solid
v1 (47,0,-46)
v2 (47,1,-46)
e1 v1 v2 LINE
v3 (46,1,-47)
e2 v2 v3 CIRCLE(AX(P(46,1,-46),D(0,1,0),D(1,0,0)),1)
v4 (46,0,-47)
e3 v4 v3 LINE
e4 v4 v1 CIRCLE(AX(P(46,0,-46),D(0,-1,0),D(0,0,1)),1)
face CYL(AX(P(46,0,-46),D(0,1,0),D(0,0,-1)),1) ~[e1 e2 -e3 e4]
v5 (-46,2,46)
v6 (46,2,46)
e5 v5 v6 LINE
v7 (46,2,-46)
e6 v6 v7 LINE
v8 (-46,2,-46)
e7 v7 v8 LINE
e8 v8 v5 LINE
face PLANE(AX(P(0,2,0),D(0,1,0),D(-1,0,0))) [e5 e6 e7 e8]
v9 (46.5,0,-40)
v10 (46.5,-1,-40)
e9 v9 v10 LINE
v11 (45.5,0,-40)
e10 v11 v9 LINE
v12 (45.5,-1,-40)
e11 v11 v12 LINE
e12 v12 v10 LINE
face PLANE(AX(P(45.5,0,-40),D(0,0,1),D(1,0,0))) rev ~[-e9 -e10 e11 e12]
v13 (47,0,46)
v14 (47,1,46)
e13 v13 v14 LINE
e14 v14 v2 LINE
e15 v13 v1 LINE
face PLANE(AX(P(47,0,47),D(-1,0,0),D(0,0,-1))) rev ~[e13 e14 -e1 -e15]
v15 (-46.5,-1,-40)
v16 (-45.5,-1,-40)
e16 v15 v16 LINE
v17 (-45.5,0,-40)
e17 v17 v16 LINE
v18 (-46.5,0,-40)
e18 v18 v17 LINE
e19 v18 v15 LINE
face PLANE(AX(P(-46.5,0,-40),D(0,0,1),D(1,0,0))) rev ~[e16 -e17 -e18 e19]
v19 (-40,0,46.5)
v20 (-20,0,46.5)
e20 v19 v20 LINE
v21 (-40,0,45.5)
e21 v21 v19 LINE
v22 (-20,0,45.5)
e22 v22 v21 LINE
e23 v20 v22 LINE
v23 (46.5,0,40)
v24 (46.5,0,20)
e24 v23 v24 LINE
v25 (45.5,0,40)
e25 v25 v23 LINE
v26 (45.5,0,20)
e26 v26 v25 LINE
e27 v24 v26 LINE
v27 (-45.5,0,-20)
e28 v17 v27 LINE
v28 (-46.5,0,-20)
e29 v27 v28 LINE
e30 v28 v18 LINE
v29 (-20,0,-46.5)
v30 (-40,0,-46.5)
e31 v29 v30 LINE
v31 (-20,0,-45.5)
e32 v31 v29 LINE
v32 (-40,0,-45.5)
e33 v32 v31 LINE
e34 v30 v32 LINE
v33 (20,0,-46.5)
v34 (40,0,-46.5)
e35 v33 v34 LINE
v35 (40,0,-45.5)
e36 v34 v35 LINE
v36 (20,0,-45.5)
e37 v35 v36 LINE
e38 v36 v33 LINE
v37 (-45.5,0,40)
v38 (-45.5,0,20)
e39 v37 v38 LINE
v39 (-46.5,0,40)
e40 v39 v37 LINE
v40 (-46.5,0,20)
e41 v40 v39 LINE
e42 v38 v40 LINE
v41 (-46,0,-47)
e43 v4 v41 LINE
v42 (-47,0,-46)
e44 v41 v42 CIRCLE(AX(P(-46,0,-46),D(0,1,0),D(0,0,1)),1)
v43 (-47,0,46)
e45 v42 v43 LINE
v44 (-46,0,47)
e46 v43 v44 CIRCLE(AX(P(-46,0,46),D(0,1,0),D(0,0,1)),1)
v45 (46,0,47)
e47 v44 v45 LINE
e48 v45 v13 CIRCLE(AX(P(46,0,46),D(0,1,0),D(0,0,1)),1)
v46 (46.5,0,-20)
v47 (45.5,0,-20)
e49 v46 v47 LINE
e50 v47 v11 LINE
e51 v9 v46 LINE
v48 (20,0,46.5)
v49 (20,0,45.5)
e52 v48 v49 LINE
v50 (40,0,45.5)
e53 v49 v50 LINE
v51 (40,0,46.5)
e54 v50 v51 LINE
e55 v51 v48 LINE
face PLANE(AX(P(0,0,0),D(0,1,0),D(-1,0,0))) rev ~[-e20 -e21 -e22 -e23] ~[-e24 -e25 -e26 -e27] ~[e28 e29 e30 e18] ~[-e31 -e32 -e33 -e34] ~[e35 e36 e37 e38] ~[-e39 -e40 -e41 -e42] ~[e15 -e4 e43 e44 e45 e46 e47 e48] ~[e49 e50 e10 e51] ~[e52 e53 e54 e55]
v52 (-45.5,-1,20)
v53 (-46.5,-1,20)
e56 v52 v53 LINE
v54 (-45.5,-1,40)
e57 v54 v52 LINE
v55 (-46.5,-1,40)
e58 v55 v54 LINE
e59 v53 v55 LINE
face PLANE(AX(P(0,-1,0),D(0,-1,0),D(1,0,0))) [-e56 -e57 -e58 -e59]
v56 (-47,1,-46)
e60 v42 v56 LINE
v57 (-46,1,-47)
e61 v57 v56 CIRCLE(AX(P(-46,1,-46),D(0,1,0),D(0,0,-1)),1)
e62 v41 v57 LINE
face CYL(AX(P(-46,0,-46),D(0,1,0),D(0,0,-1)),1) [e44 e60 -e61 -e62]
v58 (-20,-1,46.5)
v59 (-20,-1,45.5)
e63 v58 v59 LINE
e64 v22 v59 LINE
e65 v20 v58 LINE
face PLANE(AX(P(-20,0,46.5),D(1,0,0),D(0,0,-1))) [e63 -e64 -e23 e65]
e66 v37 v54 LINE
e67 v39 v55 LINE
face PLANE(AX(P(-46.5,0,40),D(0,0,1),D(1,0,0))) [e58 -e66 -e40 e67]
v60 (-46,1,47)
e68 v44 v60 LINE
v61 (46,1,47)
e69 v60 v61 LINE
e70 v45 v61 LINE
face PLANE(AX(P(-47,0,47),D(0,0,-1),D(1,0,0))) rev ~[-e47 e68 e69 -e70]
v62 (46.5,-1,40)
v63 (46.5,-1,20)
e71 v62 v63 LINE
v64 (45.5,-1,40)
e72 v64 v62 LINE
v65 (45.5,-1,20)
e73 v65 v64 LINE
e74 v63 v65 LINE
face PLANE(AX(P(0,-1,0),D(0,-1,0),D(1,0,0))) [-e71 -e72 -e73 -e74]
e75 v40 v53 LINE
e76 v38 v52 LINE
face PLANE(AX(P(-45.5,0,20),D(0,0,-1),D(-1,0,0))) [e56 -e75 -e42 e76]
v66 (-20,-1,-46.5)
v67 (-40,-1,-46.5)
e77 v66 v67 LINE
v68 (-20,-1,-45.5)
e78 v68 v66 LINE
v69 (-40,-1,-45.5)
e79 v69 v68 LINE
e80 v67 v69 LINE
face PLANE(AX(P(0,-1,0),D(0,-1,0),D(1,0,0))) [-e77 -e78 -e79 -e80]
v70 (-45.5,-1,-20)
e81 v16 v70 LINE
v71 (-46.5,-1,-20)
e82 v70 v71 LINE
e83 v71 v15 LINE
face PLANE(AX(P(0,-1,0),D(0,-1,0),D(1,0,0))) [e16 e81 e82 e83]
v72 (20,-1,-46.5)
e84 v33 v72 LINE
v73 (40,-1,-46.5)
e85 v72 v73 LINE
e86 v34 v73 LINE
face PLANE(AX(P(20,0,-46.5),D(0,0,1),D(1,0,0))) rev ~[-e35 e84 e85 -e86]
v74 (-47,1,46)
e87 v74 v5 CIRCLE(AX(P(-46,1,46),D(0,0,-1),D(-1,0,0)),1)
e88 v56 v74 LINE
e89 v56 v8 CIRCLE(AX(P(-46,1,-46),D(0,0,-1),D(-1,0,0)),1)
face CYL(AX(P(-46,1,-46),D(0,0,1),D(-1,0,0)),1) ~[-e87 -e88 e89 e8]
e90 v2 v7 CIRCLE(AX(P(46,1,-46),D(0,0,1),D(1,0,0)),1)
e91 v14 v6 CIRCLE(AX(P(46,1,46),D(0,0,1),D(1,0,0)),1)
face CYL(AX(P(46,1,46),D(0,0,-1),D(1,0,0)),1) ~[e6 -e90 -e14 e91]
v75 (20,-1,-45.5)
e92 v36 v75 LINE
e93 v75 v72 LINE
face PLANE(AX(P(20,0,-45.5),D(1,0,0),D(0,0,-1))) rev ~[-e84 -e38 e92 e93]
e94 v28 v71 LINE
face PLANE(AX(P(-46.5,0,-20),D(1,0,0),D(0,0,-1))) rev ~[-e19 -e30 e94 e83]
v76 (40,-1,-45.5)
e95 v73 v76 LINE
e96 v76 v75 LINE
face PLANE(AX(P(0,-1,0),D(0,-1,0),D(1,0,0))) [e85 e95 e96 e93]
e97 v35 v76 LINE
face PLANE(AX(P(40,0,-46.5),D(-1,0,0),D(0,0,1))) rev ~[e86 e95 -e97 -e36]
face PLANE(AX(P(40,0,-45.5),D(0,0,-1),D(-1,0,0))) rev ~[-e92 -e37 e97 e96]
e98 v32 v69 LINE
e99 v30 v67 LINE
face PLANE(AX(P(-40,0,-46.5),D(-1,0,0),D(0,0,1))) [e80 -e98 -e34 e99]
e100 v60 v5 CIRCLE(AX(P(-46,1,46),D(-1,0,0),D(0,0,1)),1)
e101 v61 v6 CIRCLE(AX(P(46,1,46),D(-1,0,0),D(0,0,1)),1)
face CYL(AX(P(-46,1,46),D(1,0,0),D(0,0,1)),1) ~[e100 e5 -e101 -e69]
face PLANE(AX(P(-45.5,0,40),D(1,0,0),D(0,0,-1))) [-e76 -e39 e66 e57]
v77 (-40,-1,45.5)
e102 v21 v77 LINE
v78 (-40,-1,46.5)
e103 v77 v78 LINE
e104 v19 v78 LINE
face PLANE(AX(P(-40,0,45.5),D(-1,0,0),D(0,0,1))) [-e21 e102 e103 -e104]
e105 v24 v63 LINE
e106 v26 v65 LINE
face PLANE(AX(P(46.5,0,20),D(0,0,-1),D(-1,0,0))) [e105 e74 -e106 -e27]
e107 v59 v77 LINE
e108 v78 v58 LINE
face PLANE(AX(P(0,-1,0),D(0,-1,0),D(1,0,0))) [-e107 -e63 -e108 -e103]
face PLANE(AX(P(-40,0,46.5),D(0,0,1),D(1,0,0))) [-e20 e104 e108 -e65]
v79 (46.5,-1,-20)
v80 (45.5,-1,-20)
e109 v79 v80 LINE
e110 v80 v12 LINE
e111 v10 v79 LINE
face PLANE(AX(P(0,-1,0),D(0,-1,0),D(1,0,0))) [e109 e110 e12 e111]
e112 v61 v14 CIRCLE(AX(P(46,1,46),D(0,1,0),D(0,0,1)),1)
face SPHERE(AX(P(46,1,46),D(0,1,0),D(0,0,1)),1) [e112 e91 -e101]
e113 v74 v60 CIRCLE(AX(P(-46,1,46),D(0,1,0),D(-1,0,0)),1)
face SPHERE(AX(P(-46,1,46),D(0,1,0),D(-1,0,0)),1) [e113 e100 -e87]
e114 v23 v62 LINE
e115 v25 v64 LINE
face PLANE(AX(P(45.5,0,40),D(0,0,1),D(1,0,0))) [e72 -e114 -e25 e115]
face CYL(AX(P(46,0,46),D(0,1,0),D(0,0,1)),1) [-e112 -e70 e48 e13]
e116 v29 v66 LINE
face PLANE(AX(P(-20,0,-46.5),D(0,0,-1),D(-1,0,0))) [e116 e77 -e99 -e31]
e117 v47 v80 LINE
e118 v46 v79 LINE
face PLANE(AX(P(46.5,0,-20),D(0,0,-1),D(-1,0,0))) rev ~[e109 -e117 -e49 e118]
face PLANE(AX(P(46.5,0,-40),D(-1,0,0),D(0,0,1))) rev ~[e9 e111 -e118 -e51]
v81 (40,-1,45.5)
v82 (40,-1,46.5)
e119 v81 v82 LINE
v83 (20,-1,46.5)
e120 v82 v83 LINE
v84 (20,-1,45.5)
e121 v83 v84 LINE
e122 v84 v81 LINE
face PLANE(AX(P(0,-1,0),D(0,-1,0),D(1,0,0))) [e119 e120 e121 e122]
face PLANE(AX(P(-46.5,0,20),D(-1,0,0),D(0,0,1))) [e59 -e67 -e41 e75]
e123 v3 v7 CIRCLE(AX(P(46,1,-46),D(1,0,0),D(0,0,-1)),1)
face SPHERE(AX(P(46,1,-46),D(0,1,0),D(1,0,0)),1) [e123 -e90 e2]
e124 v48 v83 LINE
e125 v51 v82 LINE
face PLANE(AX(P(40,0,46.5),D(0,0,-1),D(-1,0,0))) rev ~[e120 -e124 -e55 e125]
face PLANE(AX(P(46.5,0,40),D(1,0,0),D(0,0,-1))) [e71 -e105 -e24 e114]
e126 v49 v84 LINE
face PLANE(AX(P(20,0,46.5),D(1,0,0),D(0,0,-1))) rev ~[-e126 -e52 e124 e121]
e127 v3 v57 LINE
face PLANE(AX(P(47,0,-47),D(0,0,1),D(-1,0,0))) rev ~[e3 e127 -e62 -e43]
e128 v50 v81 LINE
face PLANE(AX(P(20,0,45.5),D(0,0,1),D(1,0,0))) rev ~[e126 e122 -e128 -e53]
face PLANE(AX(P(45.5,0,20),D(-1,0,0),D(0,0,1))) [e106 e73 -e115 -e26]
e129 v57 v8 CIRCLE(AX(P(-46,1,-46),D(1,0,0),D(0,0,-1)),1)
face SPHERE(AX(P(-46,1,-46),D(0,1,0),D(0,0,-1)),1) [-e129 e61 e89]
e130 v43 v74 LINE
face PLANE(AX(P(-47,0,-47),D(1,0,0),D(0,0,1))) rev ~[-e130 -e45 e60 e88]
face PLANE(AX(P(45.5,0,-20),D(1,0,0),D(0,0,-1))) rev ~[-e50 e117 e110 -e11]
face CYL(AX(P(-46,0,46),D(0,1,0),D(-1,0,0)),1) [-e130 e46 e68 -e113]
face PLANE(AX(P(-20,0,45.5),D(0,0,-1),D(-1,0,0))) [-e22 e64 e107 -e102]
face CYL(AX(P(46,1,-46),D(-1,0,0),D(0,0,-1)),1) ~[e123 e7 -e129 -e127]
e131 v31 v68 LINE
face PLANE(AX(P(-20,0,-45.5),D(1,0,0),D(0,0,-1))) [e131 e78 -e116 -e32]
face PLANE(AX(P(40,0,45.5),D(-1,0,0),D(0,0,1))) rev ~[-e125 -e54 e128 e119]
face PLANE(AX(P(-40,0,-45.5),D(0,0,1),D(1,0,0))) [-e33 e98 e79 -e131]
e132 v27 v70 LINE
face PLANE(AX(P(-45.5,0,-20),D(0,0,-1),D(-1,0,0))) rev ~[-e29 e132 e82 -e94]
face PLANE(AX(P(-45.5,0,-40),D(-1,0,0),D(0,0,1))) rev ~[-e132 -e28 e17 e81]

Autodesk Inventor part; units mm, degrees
ref_plane "YZ Plane" through (0, 0, 0) normal (1, 0, 0) x (0, 1, 0)
ref_plane "XZ Plane" through (0, 0, 0) normal (0, 1, 0) x (-1, 0, 0)
ref_plane "XY Plane" through (0, 0, 0) normal (0, 0, 1) x (1, 0, 0)
sketch "Sketch4" plane through (0, 0, 0) normal (0, 1, 0) x (-1, 0, 0)
  line L0 (47, 47) -> (-47, 47)
  line L1 (-47, 47) -> (-47, -47)
  line L2 (-47, -47) -> (47, -47)
  line L3 (47, -47) -> (47, 47)
  line L4 (47, 47) -> (-47, -47) construction
  line L5 (-47, 47) -> (47, -47) construction
  point P0 (0, 0)
  dimension "d52" = 94
  dimension "d53" = 94
extrude "Extrusion5" add sketch "Sketch4" along normal blind 2
sketch "Sketch6" plane through (0, 0, 0) normal (0, -1, 0) x (1, 0, 0)
  line L0 (-46.5, -40) -> (-45.5, -40)
  line L1 (-45.5, -40) -> (-45.5, -20)
  line L2 (-45.5, -20) -> (-46.5, -20)
  line L3 (-46.5, -20) -> (-46.5, -40)
  line L4 (-45.5, 20) -> (-46.5, 20)
  line L5 (-46.5, 20) -> (-46.5, 40)
  line L6 (-46.5, 40) -> (-45.5, 40)
  line L7 (-45.5, 40) -> (-45.5, 20)
  line L8 (-40, 46.5) -> (-20, 46.5)
  line L9 (-20, 46.5) -> (-20, 45.5)
  line L10 (-20, 45.5) -> (-40, 45.5)
  line L11 (-40, 45.5) -> (-40, 46.5)
  line L12 (40, 46.5) -> (20, 46.5)
  line L13 (20, 46.5) -> (20, 45.5)
  line L14 (20, 45.5) -> (40, 45.5)
  line L15 (40, 45.5) -> (40, 46.5)
  line L16 (45.5, 40) -> (46.5, 40)
  line L17 (46.5, 40) -> (46.5, 20)
  line L18 (46.5, 20) -> (45.5, 20)
  line L19 (45.5, 20) -> (45.5, 40)
  line L20 (45.5, -40) -> (46.5, -40)
  line L21 (46.5, -40) -> (46.5, -20)
  line L22 (46.5, -20) -> (45.5, -20)
  line L23 (45.5, -20) -> (45.5, -40)
  line L24 (40, -45.5) -> (20, -45.5)
  line L25 (20, -45.5) -> (20, -46.5)
  line L26 (20, -46.5) -> (40, -46.5)
  line L27 (40, -46.5) -> (40, -45.5)
  line L28 (-40, -45.5) -> (-20, -45.5)
  line L29 (-20, -45.5) -> (-20, -46.5)
  line L30 (-20, -46.5) -> (-40, -46.5)
  line L31 (-40, -46.5) -> (-40, -45.5)
  line L32 (-47, 47) -> (-47, -47)
  line L33 (47, 47) -> (-47, 47)
  line L34 (47, -47) -> (47, 47)
  line L35 (-47, -47) -> (47, -47)
  point P0 (0, 0)
  point P1 (-46, 40)
  point P2 (-46, 20)
  point P3 (46, 40)
  point P4 (46, -40)
  point P5 (-40, -46)
  point P6 (-46, -40)
  dimension "d123" = 1
  dimension "d124" = 20
  dimension "d119" = 1
  dimension "d118" = 20
  dimension "d116" = 20
  dimension "d117" = 1
  dimension "d112" = 20
  dimension "d113" = 1
  dimension "d108" = 1
  dimension "d109" = 20
  dimension "d104" = 1
  dimension "d105" = 20
  dimension "d101" = 20
  dimension "d102" = 1
  dimension "d97" = 20
  dimension "d98" = 1
  dimension "d114" = 7
  dimension "d115" = 0.5
  dimension "d111" = 0.5
  dimension "d110" = 7
  dimension "d107" = 7
  dimension "d106" = 0.5
  dimension "d103" = 0.5
  dimension "d95" = 7
  dimension "d99" = 7
  dimension "d100" = 0.5
  dimension "d96" = 0.5
  dimension "d94" = 7
  dimension "d93" = 7
  dimension "d122" = 0.5
  dimension "d120" = 7
  dimension "d121" = 0.5
extrude "Extrusion7" add sketch "Sketch6" along normal blind 1 contours L3 L2 L1 L0 | L4 L5 L6 L7 | L8 L9 L10 L11 | L15 L14 L13 L12 | L16 L17 L18 L19 | L23 L22 L21 L20 | L27 L26 L25 L24 | L28 L29 L30 L31
fillet "Fillet9" radius 1 1 edges at (47, 1, -47)
fillet "Fillet10" radius 1 1 edges at (-47, 1, -47)
fillet "Fillet11" radius 1 1 edges at (-47, 1, 47)
fillet "Fillet12" radius 1 1 edges at (47, 1, 47)
fillet "Fillet13" radius 1 8 edges at (-46.7071, 2, -46.7071) (-47, 2, 0) (-46.7071, 2, 46.7071) (0, 2, 47) (46.7071, 2, 46.7071) (47, 2, 0) (46.7071, 2, -46.7071) (0, 2, -47)
properties part number "block_main" material "PC/ABS Plastic"
